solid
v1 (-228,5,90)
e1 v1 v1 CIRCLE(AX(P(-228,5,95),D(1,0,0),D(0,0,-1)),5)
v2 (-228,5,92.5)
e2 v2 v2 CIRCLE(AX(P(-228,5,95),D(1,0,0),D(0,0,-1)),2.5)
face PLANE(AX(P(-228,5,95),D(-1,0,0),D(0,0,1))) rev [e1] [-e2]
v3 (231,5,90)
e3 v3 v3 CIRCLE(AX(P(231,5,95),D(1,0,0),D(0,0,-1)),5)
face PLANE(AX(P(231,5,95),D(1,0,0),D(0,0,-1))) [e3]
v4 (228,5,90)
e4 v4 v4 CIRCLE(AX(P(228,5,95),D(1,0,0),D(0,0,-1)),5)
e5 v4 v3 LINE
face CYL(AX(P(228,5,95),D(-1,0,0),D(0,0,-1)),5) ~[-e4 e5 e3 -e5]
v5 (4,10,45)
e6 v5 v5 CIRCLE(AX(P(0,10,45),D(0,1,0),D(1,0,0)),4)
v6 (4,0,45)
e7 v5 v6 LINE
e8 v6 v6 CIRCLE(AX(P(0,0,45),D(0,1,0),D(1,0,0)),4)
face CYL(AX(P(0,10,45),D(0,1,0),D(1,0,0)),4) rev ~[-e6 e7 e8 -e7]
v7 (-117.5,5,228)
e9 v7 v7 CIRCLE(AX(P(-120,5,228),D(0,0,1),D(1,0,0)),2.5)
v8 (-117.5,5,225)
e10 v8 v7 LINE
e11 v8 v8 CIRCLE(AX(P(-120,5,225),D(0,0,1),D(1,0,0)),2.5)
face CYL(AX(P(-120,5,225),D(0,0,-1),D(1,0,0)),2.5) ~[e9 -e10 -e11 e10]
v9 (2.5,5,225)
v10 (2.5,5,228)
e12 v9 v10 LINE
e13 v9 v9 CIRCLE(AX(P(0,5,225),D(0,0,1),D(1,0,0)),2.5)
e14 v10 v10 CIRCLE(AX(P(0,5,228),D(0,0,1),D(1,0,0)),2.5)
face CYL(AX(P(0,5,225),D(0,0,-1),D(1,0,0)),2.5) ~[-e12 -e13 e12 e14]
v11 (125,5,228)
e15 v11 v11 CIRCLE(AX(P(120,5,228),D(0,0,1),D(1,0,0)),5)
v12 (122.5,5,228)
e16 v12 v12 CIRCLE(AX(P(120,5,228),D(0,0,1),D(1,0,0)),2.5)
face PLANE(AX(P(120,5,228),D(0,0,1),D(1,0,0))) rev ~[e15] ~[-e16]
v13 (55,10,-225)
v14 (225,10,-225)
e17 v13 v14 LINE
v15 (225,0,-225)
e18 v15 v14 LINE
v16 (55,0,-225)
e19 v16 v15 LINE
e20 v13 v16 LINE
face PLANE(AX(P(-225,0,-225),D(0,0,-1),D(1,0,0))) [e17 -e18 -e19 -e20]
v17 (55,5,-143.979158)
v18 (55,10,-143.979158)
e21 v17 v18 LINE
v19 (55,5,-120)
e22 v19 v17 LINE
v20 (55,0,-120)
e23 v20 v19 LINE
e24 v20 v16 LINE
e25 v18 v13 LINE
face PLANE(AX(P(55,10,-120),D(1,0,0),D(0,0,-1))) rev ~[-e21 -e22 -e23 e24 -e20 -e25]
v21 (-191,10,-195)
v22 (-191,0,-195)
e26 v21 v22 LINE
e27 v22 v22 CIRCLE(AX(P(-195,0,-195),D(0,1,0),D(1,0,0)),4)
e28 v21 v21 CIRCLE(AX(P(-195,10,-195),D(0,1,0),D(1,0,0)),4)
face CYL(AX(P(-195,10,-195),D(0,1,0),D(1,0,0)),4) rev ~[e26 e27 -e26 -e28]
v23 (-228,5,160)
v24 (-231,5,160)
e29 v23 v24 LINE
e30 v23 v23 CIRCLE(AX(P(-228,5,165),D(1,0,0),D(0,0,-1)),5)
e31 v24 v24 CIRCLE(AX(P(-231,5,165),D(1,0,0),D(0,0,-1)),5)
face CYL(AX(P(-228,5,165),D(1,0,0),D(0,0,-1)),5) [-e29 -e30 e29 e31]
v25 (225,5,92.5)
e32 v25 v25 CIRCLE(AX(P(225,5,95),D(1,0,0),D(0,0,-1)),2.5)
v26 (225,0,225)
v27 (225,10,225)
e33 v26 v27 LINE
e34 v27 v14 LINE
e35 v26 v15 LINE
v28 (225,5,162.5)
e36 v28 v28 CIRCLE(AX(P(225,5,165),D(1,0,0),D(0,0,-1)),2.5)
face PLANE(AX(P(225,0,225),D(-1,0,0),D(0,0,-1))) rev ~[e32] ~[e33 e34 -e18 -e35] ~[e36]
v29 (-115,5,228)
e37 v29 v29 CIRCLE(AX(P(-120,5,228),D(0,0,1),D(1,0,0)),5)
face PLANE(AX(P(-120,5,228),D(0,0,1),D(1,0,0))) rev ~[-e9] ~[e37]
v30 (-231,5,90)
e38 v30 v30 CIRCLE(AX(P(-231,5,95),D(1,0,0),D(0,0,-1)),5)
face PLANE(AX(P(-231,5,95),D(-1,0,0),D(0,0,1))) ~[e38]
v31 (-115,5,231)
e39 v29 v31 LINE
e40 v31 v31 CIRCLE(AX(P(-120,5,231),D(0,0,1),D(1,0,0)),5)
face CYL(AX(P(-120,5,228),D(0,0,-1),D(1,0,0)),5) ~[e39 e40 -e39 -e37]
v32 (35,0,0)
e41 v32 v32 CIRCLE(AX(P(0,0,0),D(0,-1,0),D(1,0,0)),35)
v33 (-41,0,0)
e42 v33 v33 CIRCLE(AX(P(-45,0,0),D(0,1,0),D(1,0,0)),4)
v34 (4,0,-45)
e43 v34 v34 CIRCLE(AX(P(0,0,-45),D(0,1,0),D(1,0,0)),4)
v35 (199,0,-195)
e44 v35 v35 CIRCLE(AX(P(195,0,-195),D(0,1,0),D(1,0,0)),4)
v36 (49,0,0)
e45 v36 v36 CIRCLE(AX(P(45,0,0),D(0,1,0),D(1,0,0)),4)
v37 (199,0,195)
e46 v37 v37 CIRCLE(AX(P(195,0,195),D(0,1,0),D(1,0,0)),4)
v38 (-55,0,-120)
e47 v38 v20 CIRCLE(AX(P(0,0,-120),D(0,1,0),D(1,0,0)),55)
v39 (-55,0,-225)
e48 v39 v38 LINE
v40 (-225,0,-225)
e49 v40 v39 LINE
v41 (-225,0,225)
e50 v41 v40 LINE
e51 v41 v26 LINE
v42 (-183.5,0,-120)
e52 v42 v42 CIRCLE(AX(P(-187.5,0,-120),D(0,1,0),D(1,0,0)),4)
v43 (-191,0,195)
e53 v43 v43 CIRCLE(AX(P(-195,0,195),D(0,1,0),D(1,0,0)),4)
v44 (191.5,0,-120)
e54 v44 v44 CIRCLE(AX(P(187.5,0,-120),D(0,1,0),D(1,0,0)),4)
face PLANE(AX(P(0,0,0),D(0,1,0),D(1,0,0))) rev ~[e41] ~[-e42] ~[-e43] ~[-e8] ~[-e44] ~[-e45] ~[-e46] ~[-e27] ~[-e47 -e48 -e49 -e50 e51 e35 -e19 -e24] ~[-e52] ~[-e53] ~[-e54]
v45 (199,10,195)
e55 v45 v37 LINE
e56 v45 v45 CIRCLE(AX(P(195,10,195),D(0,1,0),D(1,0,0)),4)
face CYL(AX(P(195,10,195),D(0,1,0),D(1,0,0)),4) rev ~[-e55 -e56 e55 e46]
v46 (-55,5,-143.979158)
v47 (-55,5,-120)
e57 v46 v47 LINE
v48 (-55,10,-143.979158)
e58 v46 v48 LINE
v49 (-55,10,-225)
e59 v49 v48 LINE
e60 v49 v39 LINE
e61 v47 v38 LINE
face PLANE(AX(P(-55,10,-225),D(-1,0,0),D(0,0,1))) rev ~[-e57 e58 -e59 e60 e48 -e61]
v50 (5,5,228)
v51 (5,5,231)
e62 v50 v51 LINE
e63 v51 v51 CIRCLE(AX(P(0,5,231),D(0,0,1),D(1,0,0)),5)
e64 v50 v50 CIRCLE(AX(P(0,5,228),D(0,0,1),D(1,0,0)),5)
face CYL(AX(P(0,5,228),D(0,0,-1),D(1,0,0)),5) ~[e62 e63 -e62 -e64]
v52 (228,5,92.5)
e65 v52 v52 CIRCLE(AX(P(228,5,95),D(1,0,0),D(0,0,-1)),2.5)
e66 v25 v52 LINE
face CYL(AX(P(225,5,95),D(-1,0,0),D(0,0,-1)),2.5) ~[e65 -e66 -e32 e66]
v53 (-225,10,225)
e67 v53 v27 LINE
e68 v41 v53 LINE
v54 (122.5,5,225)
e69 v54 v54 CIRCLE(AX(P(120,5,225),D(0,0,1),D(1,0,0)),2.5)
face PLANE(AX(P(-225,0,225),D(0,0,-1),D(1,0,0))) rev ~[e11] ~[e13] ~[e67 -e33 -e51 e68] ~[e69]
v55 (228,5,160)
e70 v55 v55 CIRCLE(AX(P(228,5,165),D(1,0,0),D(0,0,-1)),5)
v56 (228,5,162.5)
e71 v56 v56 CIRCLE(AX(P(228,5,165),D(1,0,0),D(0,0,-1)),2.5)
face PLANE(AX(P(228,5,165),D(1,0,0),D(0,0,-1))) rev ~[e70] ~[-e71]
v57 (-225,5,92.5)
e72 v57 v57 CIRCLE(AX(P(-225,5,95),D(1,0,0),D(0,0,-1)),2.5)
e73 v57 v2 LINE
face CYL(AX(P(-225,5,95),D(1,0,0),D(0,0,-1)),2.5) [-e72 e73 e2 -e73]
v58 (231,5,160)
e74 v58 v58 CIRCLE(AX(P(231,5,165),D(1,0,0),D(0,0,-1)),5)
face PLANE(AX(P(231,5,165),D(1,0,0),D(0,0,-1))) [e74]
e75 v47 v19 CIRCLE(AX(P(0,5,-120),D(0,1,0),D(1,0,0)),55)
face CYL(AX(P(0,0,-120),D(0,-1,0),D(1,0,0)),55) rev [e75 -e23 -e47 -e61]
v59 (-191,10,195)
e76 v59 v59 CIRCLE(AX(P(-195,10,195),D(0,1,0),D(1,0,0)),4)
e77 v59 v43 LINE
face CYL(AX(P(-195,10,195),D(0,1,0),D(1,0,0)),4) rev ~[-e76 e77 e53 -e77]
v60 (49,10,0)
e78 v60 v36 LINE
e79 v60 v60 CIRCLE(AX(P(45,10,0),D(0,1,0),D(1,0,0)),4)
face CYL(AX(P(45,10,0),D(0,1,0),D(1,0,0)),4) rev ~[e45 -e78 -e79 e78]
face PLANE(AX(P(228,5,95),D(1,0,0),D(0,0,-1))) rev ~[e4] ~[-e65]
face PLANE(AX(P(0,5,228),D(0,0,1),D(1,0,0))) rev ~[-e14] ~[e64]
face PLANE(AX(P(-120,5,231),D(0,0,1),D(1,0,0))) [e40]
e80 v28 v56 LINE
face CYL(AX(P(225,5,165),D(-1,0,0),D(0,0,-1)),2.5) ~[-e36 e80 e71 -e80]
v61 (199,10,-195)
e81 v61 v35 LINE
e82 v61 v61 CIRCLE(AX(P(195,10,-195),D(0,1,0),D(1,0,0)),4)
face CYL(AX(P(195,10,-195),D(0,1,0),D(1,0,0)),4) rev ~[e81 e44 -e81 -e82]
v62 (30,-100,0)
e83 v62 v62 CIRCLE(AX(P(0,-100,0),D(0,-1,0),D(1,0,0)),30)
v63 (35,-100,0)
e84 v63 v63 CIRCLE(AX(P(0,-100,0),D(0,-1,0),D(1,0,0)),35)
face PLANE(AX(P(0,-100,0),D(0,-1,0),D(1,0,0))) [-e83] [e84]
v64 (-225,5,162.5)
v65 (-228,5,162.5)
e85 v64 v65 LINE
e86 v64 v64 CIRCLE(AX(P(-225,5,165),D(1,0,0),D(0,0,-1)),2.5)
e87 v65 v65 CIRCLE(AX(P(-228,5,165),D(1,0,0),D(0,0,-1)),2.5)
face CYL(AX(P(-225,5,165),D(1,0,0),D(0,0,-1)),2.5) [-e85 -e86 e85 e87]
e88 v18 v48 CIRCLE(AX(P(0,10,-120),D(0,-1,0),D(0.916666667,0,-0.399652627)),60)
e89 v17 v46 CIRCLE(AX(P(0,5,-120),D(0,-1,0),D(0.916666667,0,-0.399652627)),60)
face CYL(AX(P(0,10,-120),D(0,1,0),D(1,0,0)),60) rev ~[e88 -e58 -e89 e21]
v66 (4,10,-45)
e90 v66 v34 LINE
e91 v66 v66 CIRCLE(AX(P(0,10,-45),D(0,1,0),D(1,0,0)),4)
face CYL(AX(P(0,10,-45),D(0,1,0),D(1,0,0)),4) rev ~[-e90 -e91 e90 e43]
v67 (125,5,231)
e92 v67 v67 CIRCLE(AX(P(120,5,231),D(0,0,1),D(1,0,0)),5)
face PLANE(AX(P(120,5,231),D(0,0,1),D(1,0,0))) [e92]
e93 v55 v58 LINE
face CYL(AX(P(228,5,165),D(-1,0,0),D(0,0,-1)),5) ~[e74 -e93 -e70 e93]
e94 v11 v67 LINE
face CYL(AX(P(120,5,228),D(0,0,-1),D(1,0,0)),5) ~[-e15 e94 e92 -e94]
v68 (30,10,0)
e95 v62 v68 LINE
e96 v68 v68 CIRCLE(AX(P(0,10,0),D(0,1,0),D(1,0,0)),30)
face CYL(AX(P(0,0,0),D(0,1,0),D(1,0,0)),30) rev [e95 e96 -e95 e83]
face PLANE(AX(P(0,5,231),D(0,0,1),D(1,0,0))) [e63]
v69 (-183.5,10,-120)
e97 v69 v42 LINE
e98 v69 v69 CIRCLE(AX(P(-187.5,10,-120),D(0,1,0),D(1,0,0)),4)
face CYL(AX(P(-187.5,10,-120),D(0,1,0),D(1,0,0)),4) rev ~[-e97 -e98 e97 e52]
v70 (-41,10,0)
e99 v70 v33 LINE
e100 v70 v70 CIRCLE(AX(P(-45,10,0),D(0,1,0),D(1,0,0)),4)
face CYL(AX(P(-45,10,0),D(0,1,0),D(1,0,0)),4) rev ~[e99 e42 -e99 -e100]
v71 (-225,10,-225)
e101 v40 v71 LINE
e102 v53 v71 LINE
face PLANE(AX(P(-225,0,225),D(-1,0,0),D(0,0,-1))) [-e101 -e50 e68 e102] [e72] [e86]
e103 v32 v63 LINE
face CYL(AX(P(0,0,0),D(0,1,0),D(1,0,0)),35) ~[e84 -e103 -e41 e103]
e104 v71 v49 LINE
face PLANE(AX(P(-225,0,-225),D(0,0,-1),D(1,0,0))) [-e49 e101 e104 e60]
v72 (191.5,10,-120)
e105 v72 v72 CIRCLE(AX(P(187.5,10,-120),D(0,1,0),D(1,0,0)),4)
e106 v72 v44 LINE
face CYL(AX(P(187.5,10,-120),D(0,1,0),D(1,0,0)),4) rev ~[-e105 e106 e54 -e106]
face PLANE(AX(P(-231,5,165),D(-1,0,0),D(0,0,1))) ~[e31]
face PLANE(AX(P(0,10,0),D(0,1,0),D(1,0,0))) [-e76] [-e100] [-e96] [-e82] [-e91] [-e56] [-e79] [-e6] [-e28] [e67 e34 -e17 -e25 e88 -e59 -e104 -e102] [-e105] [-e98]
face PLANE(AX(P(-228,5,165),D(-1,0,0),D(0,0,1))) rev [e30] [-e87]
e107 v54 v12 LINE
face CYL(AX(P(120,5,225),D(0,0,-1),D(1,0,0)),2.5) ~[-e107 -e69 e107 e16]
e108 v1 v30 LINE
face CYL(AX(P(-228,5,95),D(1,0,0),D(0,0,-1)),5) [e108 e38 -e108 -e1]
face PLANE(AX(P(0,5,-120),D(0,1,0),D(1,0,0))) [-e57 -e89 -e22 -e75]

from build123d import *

# Parameters (mm, degrees)
CROQUIS1_W              = 450
CROQUIS1_H              = 450
CROQUIS1_R              = 30
CROQUIS1_R_2            = 55
SALIENTE_EXTRUIR1_DEPTH = 10
CROQUIS7_R              = 4
CORTAR_EXTRUIR6_DEPTH   = 11
CROQUIS8_R              = 60
CROQUIS8_R_2            = 55
CORTAR_EXTRUIR7_DEPTH   = 5
CROQUIS9_R              = 55
CORTAR_EXTRUIR8_DEPTH   = 11
CROQUIS10_R             = 35
CROQUIS10_R_2           = 30
SALIENTE_EXTRUIR2_DEPTH = 100
CROQUIS11_R             = 2.5
SALIENTE_EXTRUIR3_DEPTH = 3
CROQUIS12_R             = 5
SALIENTE_EXTRUIR4_DEPTH = 3
CROQUIS14_R             = 2.5
SALIENTE_EXTRUIR5_DEPTH = 3
CROQUIS15_R             = 5
SALIENTE_EXTRUIR6_DEPTH = 3


with BuildPart() as part:
    # Croquis1 → Saliente-Extruir1 (new body)
    with BuildSketch(Plane(origin=(0, 0, 0), x_dir=(1, 0, 0), z_dir=(0, 1, 0))):
        Rectangle(CROQUIS1_W, CROQUIS1_H)
        Circle(CROQUIS1_R, mode=Mode.SUBTRACT)
        with Locations((0, 120)):
            Circle(CROQUIS1_R_2, mode=Mode.SUBTRACT)
    extrude(amount=SALIENTE_EXTRUIR1_DEPTH)

    # Croquis7 → Cortar-Extruir6 (cut, through all)
    with BuildSketch(Plane(origin=(0, 10, 0), x_dir=(1, 0, 0), z_dir=(0, 1, 0))):
        with Locations((-195, 195)):
            Circle(CROQUIS7_R)
        with Locations((195, 195)):
            Circle(CROQUIS7_R)
        with Locations((195, -195)):
            Circle(CROQUIS7_R)
        with Locations((-195, -195)):
            Circle(CROQUIS7_R)
        with Locations((-45, 0)):
            Circle(CROQUIS7_R)
        with Locations((0, 45)):
            Circle(CROQUIS7_R)
        with Locations((0, -45)):
            Circle(CROQUIS7_R)
        with Locations((45, 0)):
            Circle(CROQUIS7_R)
        with Locations((-187.5, 120)):
            Circle(CROQUIS7_R)
        with Locations((187.5, 120)):
            Circle(CROQUIS7_R)
    extrude(amount=-CORTAR_EXTRUIR6_DEPTH, mode=Mode.SUBTRACT)

    # Croquis8 → Cortar-Extruir7 (cut)
    with BuildSketch(Plane(origin=(0, 10, 0), x_dir=(1, 0, 0), z_dir=(0, 1, 0))):
        with Locations((0, 120)):
            Circle(CROQUIS8_R)
        with Locations((0, 120)):
            Circle(CROQUIS8_R_2, mode=Mode.SUBTRACT)
    extrude(amount=-CORTAR_EXTRUIR7_DEPTH, mode=Mode.SUBTRACT)

    # Croquis9 → Cortar-Extruir8 (cut, through all)
    with BuildSketch(Plane(origin=(0, 10, 0), x_dir=(1, 0, 0), z_dir=(0, 1, 0))):
        with Locations((0, 120)):
            Circle(CROQUIS9_R)
        Polygon((0, 120), (55, 120), (55, 225), (-55, 225), (-55, 120), align=None)
    extrude(amount=-CORTAR_EXTRUIR8_DEPTH, mode=Mode.SUBTRACT)

    # Croquis10 → Saliente-Extruir2 (add)
    with BuildSketch(Plane.XZ):
        Circle(CROQUIS10_R)
        Circle(CROQUIS10_R_2, mode=Mode.SUBTRACT)
    extrude(amount=SALIENTE_EXTRUIR2_DEPTH)

    # Croquis11 → Saliente-Extruir3 (add)
    with BuildSketch(Plane(origin=(225, 0, 0), x_dir=(0, 0, -1), z_dir=(1, 0, 0))):
        with Locations((-165, 5)):
            Circle(CROQUIS11_R)
        with Locations((-95, 5)):
            Circle(CROQUIS11_R)
    saliente_extruir3 = extrude(amount=SALIENTE_EXTRUIR3_DEPTH)

    # Croquis12 → Saliente-Extruir4 (add)
    with BuildSketch(Plane(origin=(228, 0, 0), x_dir=(0, 0, -1), z_dir=(1, 0, 0))):
        with Locations((-165, 5)):
            Circle(CROQUIS12_R)
        with Locations((-95, 5)):
            Circle(CROQUIS12_R)
    saliente_extruir4 = extrude(amount=SALIENTE_EXTRUIR4_DEPTH)

    # Simetría1: Saliente-Extruir3, Saliente-Extruir4 across plane
    add(saliente_extruir3.mirror(Plane(origin=(0, 0, 0), x_dir=(0, 0, 1), z_dir=(1, 0, 0))))
    add(saliente_extruir4.mirror(Plane(origin=(0, 0, 0), x_dir=(0, 0, 1), z_dir=(1, 0, 0))))

    # Croquis14 → Saliente-Extruir5 (add)
    with BuildSketch(Plane.XY.offset(225)):
        with Locations((-120, 5)):
            Circle(CROQUIS14_R)
        with Locations((0, 5)):
            Circle(CROQUIS14_R)
        with Locations((120, 5)):
            Circle(CROQUIS14_R)
    extrude(amount=SALIENTE_EXTRUIR5_DEPTH)

    # Croquis15 → Saliente-Extruir6 (add)
    with BuildSketch(Plane.XY.offset(228)):
        with Locations((-120, 5)):
            Circle(CROQUIS15_R)
        with Locations((0, 5)):
            Circle(CROQUIS15_R)
        with Locations((120, 5)):
            Circle(CROQUIS15_R)
    extrude(amount=SALIENTE_EXTRUIR6_DEPTH)


solid = part.part
